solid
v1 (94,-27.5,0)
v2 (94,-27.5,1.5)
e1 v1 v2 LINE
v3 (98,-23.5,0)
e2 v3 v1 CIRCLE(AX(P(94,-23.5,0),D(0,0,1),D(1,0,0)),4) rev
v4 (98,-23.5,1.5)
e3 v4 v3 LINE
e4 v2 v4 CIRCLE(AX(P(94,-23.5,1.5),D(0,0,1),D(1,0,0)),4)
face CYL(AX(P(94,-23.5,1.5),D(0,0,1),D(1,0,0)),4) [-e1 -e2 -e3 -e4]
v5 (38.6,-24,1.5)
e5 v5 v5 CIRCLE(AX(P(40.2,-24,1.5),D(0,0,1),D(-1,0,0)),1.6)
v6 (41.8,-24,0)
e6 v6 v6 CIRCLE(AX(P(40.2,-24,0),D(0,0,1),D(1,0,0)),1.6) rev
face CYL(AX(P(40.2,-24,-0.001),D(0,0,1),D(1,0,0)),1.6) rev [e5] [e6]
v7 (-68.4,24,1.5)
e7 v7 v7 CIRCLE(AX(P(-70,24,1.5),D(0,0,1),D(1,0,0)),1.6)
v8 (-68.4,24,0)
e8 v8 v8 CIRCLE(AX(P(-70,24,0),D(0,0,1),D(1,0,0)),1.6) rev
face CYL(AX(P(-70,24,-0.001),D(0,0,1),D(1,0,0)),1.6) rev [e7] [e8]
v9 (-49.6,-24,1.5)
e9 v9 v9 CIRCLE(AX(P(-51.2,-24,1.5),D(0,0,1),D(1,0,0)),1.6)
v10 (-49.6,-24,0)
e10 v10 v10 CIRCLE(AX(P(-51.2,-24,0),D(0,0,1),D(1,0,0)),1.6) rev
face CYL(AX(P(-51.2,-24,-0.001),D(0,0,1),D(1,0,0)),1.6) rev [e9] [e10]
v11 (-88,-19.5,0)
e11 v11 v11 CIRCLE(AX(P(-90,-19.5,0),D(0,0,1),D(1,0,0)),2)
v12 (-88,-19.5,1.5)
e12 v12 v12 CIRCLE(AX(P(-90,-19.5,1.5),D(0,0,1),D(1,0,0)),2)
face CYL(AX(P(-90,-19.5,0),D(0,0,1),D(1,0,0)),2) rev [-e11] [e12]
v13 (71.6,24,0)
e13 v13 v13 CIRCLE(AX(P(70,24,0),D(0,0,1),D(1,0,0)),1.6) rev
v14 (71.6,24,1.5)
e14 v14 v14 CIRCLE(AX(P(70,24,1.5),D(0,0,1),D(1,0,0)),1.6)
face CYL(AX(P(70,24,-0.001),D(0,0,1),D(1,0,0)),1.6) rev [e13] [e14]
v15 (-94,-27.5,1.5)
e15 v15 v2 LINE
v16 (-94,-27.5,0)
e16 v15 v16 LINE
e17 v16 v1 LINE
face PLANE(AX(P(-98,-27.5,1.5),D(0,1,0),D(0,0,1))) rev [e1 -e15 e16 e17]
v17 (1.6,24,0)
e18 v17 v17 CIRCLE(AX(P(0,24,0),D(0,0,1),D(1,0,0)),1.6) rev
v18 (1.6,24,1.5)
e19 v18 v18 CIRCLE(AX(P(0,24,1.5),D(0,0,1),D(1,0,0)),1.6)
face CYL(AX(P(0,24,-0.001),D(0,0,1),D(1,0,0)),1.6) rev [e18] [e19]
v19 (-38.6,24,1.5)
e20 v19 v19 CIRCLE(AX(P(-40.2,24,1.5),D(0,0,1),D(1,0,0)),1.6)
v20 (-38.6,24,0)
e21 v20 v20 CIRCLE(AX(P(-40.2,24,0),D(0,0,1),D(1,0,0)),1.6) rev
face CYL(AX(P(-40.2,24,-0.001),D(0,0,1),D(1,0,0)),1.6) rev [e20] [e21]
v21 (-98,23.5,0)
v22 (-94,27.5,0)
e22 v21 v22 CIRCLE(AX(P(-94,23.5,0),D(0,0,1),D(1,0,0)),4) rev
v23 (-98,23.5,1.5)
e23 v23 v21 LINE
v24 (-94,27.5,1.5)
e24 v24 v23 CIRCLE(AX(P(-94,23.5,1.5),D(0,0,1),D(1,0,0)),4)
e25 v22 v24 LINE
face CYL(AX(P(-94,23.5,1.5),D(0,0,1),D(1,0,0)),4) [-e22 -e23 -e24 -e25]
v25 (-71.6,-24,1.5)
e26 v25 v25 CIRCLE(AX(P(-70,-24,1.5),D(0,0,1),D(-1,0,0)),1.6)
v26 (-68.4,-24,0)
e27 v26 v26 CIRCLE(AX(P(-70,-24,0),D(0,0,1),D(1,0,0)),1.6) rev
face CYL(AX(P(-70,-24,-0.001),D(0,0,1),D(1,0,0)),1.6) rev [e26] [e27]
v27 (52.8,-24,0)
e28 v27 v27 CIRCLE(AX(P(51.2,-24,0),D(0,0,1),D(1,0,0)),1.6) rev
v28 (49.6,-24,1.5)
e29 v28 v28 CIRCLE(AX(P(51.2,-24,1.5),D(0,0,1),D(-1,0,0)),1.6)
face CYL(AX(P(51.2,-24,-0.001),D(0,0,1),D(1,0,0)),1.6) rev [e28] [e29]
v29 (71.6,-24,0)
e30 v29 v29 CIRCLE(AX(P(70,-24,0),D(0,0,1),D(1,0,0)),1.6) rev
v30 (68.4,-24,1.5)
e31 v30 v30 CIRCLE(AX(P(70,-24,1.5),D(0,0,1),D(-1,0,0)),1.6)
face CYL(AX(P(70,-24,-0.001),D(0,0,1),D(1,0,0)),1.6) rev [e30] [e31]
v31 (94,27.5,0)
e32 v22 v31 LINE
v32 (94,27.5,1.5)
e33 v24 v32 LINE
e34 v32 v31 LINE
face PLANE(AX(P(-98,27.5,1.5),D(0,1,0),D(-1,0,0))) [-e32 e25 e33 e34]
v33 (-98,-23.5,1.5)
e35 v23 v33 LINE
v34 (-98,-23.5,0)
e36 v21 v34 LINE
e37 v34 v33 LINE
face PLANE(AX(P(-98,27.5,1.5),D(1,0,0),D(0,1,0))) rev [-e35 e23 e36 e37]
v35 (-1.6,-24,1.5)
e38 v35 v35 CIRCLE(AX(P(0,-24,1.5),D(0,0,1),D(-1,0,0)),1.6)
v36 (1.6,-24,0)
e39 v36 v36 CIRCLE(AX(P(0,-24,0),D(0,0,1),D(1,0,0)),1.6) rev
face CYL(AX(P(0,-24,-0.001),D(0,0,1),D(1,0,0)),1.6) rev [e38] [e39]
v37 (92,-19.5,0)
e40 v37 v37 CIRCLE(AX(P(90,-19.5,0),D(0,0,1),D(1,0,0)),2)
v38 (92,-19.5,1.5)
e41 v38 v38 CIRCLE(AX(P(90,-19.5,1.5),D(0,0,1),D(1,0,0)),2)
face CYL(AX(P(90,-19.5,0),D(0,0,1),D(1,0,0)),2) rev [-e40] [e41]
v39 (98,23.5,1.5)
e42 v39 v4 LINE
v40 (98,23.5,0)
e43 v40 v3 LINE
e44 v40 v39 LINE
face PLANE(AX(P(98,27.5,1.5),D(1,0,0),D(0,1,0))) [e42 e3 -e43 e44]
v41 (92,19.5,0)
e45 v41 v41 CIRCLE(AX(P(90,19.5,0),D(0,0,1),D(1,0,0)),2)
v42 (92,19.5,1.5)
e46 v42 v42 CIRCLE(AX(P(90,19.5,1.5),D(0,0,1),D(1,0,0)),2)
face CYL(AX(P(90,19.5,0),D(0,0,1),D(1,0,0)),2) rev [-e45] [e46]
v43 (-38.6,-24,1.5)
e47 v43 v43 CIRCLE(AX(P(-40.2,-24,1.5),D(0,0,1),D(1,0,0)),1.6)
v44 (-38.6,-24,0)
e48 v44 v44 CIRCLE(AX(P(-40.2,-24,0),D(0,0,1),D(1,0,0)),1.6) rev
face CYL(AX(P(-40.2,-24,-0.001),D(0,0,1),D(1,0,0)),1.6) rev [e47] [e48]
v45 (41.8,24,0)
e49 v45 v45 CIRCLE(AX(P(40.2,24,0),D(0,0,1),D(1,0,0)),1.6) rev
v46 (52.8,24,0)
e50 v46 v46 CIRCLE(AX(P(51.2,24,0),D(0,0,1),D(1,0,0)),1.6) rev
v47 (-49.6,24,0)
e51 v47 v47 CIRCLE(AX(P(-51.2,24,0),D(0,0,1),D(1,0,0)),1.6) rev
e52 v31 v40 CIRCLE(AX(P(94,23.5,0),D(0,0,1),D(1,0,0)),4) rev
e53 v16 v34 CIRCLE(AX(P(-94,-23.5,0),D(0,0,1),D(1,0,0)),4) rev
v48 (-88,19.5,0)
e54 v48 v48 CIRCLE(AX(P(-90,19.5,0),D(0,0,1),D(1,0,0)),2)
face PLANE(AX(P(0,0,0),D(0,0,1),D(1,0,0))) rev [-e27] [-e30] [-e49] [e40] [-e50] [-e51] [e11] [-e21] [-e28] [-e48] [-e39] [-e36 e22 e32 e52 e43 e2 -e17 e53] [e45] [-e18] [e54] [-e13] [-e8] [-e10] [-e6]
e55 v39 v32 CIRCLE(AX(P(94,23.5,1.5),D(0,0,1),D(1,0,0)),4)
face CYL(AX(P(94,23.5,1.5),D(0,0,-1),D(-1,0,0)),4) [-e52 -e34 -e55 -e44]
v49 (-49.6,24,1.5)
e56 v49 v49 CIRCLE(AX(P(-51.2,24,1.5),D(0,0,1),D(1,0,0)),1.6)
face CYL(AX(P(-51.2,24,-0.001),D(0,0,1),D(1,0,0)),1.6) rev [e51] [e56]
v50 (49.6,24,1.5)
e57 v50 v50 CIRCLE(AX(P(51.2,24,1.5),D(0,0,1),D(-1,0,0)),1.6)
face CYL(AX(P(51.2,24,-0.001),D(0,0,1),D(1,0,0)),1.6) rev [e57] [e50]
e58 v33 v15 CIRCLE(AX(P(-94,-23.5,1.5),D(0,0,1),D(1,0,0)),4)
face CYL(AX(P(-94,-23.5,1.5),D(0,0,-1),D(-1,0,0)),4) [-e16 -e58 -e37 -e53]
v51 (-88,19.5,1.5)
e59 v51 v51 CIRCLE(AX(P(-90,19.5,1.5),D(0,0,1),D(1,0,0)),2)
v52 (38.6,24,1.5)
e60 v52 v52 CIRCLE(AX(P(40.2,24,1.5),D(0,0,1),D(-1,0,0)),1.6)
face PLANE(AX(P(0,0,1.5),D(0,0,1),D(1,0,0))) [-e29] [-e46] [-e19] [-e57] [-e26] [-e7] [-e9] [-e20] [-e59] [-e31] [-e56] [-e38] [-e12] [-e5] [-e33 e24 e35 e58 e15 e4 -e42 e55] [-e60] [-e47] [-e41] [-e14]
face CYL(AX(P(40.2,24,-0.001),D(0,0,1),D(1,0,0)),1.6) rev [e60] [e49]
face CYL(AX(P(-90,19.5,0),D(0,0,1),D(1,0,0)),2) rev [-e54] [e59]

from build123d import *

# Parameters (mm, degrees)
ESQUISSE1_W             = 196
ESQUISSE1_H             = 55
BOSS_EXTRU_1_DEPTH      = 1.5
CONG_1_R                = 4
ESQUISSE2_R             = 2
ENL_V_MAT_EXTRU_1_DEPTH = 102.796365358
ENL_V_MAT_EXTRU_2_REACH = 103.796
ESQUISSE3_R             = 1.6
ENL_V_MAT_EXTRU_3_REACH = 103.796
ESQUISSE4_R             = 1.6


with BuildPart() as part:
    # Esquisse1 → Boss.-Extru.1 (new body)
    with BuildSketch(Plane.XY):
        Rectangle(ESQUISSE1_W, ESQUISSE1_H)
    extrude(amount=BOSS_EXTRU_1_DEPTH)

    # Congé1
    cong_1_edges = [part.edges().sort_by_distance(p)[0] for p in [
        (-98, 27.5, 0.75),
        (98, 27.5, 0.75),
        (98, -27.5, 0.75),
        (-98, -27.5, 0.75),
    ]]
    fillet(cong_1_edges, radius=CONG_1_R)

    # Esquisse2 → Enlèv. mat.-Extru.1 (cut, through all)
    with BuildSketch(Plane.XY.offset(1.5)):
        with Locations((-90, 19.5)):
            Circle(ESQUISSE2_R)
        with Locations((-90, -19.5)):
            Circle(ESQUISSE2_R)
        with Locations((90, 19.5)):
            Circle(ESQUISSE2_R)
        with Locations((90, -19.5)):
            Circle(ESQUISSE2_R)
    extrude(amount=-ENL_V_MAT_EXTRU_1_DEPTH, mode=Mode.SUBTRACT)

    # Esquisse3 → Enlèv. mat.-Extru.2 (cut, up to next)
    with BuildSketch(Plane.XY.offset(1.5), mode=Mode.PRIVATE) as enl_v_mat_extru_2_sk1:
        with Locations((-51.2, 24)):
            Circle(ESQUISSE3_R)
    enl_v_mat_extru_2_tool1 = extrude(enl_v_mat_extru_2_sk1.sketch, amount=-ENL_V_MAT_EXTRU_2_REACH, mode=Mode.PRIVATE) & part.part
    # Esquisse3 → Enlèv. mat.-Extru.2 (cut, up to next)
    with BuildSketch(Plane.XY.offset(1.5), mode=Mode.PRIVATE) as enl_v_mat_extru_2_sk2:
        with Locations((-40.2, 24)):
            Circle(ESQUISSE3_R)
    enl_v_mat_extru_2_tool2 = extrude(enl_v_mat_extru_2_sk2.sketch, amount=-ENL_V_MAT_EXTRU_2_REACH, mode=Mode.PRIVATE) & part.part
    # Esquisse3 → Enlèv. mat.-Extru.2 (cut, up to next)
    with BuildSketch(Plane.XY.offset(1.5), mode=Mode.PRIVATE) as enl_v_mat_extru_2_sk3:
        with Locations((-40.2, -24)):
            Circle(ESQUISSE3_R)
    enl_v_mat_extru_2_tool3 = extrude(enl_v_mat_extru_2_sk3.sketch, amount=-ENL_V_MAT_EXTRU_2_REACH, mode=Mode.PRIVATE) & part.part
    # Esquisse3 → Enlèv. mat.-Extru.2 (cut, up to next)
    with BuildSketch(Plane.XY.offset(1.5), mode=Mode.PRIVATE) as enl_v_mat_extru_2_sk4:
        with Locations((-51.2, -24)):
            Circle(ESQUISSE3_R)
    enl_v_mat_extru_2_tool4 = extrude(enl_v_mat_extru_2_sk4.sketch, amount=-ENL_V_MAT_EXTRU_2_REACH, mode=Mode.PRIVATE) & part.part
    # Esquisse3 → Enlèv. mat.-Extru.2 (cut, up to next)
    with BuildSketch(Plane.XY.offset(1.5), mode=Mode.PRIVATE) as enl_v_mat_extru_2_sk5:
        with Locations((40.2, -24)):
            Circle(ESQUISSE3_R)
    enl_v_mat_extru_2_tool5 = extrude(enl_v_mat_extru_2_sk5.sketch, amount=-ENL_V_MAT_EXTRU_2_REACH, mode=Mode.PRIVATE) & part.part
    # Esquisse3 → Enlèv. mat.-Extru.2 (cut, up to next)
    with BuildSketch(Plane.XY.offset(1.5), mode=Mode.PRIVATE) as enl_v_mat_extru_2_sk6:
        with Locations((51.2, -24)):
            Circle(ESQUISSE3_R)
    enl_v_mat_extru_2_tool6 = extrude(enl_v_mat_extru_2_sk6.sketch, amount=-ENL_V_MAT_EXTRU_2_REACH, mode=Mode.PRIVATE) & part.part
    # Esquisse3 → Enlèv. mat.-Extru.2 (cut, up to next)
    with BuildSketch(Plane.XY.offset(1.5), mode=Mode.PRIVATE) as enl_v_mat_extru_2_sk7:
        with Locations((51.2, 24)):
            Circle(ESQUISSE3_R)
    enl_v_mat_extru_2_tool7 = extrude(enl_v_mat_extru_2_sk7.sketch, amount=-ENL_V_MAT_EXTRU_2_REACH, mode=Mode.PRIVATE) & part.part
    # Esquisse3 → Enlèv. mat.-Extru.2 (cut, up to next)
    with BuildSketch(Plane.XY.offset(1.5), mode=Mode.PRIVATE) as enl_v_mat_extru_2_sk8:
        with Locations((40.2, 24)):
            Circle(ESQUISSE3_R)
    enl_v_mat_extru_2_tool8 = extrude(enl_v_mat_extru_2_sk8.sketch, amount=-ENL_V_MAT_EXTRU_2_REACH, mode=Mode.PRIVATE) & part.part
    add(enl_v_mat_extru_2_tool1.solids().sort_by_distance((-51.2, 24, 1.5))[0], mode=Mode.SUBTRACT)
    add(enl_v_mat_extru_2_tool2.solids().sort_by_distance((-40.2, 24, 1.5))[0], mode=Mode.SUBTRACT)
    add(enl_v_mat_extru_2_tool3.solids().sort_by_distance((-40.2, -24, 1.5))[0], mode=Mode.SUBTRACT)
    add(enl_v_mat_extru_2_tool4.solids().sort_by_distance((-51.2, -24, 1.5))[0], mode=Mode.SUBTRACT)
    add(enl_v_mat_extru_2_tool5.solids().sort_by_distance((40.2, -24, 1.5))[0], mode=Mode.SUBTRACT)
    add(enl_v_mat_extru_2_tool6.solids().sort_by_distance((51.2, -24, 1.5))[0], mode=Mode.SUBTRACT)
    add(enl_v_mat_extru_2_tool7.solids().sort_by_distance((51.2, 24, 1.5))[0], mode=Mode.SUBTRACT)
    add(enl_v_mat_extru_2_tool8.solids().sort_by_distance((40.2, 24, 1.5))[0], mode=Mode.SUBTRACT)

    # Esquisse4 → Enlèv. mat.-Extru.3 (cut, up to next)
    with BuildSketch(Plane.XY.offset(1.5), mode=Mode.PRIVATE) as enl_v_mat_extru_3_sk1:
        with Locations((-70, 24)):
            Circle(ESQUISSE4_R)
    enl_v_mat_extru_3_tool1 = extrude(enl_v_mat_extru_3_sk1.sketch, amount=-ENL_V_MAT_EXTRU_3_REACH, mode=Mode.PRIVATE) & part.part
    # Esquisse4 → Enlèv. mat.-Extru.3 (cut, up to next)
    with BuildSketch(Plane.XY.offset(1.5), mode=Mode.PRIVATE) as enl_v_mat_extru_3_sk2:
        with Locations((0, 24)):
            Circle(ESQUISSE4_R)
    enl_v_mat_extru_3_tool2 = extrude(enl_v_mat_extru_3_sk2.sketch, amount=-ENL_V_MAT_EXTRU_3_REACH, mode=Mode.PRIVATE) & part.part
    # Esquisse4 → Enlèv. mat.-Extru.3 (cut, up to next)
    with BuildSketch(Plane.XY.offset(1.5), mode=Mode.PRIVATE) as enl_v_mat_extru_3_sk3:
        with Locations((70, 24)):
            Circle(ESQUISSE4_R)
    enl_v_mat_extru_3_tool3 = extrude(enl_v_mat_extru_3_sk3.sketch, amount=-ENL_V_MAT_EXTRU_3_REACH, mode=Mode.PRIVATE) & part.part
    # Esquisse4 → Enlèv. mat.-Extru.3 (cut, up to next)
    with BuildSketch(Plane.XY.offset(1.5), mode=Mode.PRIVATE) as enl_v_mat_extru_3_sk4:
        with Locations((70, -24)):
            Circle(ESQUISSE4_R)
    enl_v_mat_extru_3_tool4 = extrude(enl_v_mat_extru_3_sk4.sketch, amount=-ENL_V_MAT_EXTRU_3_REACH, mode=Mode.PRIVATE) & part.part
    # Esquisse4 → Enlèv. mat.-Extru.3 (cut, up to next)
    with BuildSketch(Plane.XY.offset(1.5), mode=Mode.PRIVATE) as enl_v_mat_extru_3_sk5:
        with Locations((0, -24)):
            Circle(ESQUISSE4_R)
    enl_v_mat_extru_3_tool5 = extrude(enl_v_mat_extru_3_sk5.sketch, amount=-ENL_V_MAT_EXTRU_3_REACH, mode=Mode.PRIVATE) & part.part
    # Esquisse4 → Enlèv. mat.-Extru.3 (cut, up to next)
    with BuildSketch(Plane.XY.offset(1.5), mode=Mode.PRIVATE) as enl_v_mat_extru_3_sk6:
        with Locations((-70, -24)):
            Circle(ESQUISSE4_R)
    enl_v_mat_extru_3_tool6 = extrude(enl_v_mat_extru_3_sk6.sketch, amount=-ENL_V_MAT_EXTRU_3_REACH, mode=Mode.PRIVATE) & part.part
    add(enl_v_mat_extru_3_tool1.solids().sort_by_distance((-70, 24, 1.5))[0], mode=Mode.SUBTRACT)
    add(enl_v_mat_extru_3_tool2.solids().sort_by_distance((0, 24, 1.5))[0], mode=Mode.SUBTRACT)
    add(enl_v_mat_extru_3_tool3.solids().sort_by_distance((70, 24, 1.5))[0], mode=Mode.SUBTRACT)
    add(enl_v_mat_extru_3_tool4.solids().sort_by_distance((70, -24, 1.5))[0], mode=Mode.SUBTRACT)
    add(enl_v_mat_extru_3_tool5.solids().sort_by_distance((0, -24, 1.5))[0], mode=Mode.SUBTRACT)
    add(enl_v_mat_extru_3_tool6.solids().sort_by_distance((-70, -24, 1.5))[0], mode=Mode.SUBTRACT)


solid = part.part
